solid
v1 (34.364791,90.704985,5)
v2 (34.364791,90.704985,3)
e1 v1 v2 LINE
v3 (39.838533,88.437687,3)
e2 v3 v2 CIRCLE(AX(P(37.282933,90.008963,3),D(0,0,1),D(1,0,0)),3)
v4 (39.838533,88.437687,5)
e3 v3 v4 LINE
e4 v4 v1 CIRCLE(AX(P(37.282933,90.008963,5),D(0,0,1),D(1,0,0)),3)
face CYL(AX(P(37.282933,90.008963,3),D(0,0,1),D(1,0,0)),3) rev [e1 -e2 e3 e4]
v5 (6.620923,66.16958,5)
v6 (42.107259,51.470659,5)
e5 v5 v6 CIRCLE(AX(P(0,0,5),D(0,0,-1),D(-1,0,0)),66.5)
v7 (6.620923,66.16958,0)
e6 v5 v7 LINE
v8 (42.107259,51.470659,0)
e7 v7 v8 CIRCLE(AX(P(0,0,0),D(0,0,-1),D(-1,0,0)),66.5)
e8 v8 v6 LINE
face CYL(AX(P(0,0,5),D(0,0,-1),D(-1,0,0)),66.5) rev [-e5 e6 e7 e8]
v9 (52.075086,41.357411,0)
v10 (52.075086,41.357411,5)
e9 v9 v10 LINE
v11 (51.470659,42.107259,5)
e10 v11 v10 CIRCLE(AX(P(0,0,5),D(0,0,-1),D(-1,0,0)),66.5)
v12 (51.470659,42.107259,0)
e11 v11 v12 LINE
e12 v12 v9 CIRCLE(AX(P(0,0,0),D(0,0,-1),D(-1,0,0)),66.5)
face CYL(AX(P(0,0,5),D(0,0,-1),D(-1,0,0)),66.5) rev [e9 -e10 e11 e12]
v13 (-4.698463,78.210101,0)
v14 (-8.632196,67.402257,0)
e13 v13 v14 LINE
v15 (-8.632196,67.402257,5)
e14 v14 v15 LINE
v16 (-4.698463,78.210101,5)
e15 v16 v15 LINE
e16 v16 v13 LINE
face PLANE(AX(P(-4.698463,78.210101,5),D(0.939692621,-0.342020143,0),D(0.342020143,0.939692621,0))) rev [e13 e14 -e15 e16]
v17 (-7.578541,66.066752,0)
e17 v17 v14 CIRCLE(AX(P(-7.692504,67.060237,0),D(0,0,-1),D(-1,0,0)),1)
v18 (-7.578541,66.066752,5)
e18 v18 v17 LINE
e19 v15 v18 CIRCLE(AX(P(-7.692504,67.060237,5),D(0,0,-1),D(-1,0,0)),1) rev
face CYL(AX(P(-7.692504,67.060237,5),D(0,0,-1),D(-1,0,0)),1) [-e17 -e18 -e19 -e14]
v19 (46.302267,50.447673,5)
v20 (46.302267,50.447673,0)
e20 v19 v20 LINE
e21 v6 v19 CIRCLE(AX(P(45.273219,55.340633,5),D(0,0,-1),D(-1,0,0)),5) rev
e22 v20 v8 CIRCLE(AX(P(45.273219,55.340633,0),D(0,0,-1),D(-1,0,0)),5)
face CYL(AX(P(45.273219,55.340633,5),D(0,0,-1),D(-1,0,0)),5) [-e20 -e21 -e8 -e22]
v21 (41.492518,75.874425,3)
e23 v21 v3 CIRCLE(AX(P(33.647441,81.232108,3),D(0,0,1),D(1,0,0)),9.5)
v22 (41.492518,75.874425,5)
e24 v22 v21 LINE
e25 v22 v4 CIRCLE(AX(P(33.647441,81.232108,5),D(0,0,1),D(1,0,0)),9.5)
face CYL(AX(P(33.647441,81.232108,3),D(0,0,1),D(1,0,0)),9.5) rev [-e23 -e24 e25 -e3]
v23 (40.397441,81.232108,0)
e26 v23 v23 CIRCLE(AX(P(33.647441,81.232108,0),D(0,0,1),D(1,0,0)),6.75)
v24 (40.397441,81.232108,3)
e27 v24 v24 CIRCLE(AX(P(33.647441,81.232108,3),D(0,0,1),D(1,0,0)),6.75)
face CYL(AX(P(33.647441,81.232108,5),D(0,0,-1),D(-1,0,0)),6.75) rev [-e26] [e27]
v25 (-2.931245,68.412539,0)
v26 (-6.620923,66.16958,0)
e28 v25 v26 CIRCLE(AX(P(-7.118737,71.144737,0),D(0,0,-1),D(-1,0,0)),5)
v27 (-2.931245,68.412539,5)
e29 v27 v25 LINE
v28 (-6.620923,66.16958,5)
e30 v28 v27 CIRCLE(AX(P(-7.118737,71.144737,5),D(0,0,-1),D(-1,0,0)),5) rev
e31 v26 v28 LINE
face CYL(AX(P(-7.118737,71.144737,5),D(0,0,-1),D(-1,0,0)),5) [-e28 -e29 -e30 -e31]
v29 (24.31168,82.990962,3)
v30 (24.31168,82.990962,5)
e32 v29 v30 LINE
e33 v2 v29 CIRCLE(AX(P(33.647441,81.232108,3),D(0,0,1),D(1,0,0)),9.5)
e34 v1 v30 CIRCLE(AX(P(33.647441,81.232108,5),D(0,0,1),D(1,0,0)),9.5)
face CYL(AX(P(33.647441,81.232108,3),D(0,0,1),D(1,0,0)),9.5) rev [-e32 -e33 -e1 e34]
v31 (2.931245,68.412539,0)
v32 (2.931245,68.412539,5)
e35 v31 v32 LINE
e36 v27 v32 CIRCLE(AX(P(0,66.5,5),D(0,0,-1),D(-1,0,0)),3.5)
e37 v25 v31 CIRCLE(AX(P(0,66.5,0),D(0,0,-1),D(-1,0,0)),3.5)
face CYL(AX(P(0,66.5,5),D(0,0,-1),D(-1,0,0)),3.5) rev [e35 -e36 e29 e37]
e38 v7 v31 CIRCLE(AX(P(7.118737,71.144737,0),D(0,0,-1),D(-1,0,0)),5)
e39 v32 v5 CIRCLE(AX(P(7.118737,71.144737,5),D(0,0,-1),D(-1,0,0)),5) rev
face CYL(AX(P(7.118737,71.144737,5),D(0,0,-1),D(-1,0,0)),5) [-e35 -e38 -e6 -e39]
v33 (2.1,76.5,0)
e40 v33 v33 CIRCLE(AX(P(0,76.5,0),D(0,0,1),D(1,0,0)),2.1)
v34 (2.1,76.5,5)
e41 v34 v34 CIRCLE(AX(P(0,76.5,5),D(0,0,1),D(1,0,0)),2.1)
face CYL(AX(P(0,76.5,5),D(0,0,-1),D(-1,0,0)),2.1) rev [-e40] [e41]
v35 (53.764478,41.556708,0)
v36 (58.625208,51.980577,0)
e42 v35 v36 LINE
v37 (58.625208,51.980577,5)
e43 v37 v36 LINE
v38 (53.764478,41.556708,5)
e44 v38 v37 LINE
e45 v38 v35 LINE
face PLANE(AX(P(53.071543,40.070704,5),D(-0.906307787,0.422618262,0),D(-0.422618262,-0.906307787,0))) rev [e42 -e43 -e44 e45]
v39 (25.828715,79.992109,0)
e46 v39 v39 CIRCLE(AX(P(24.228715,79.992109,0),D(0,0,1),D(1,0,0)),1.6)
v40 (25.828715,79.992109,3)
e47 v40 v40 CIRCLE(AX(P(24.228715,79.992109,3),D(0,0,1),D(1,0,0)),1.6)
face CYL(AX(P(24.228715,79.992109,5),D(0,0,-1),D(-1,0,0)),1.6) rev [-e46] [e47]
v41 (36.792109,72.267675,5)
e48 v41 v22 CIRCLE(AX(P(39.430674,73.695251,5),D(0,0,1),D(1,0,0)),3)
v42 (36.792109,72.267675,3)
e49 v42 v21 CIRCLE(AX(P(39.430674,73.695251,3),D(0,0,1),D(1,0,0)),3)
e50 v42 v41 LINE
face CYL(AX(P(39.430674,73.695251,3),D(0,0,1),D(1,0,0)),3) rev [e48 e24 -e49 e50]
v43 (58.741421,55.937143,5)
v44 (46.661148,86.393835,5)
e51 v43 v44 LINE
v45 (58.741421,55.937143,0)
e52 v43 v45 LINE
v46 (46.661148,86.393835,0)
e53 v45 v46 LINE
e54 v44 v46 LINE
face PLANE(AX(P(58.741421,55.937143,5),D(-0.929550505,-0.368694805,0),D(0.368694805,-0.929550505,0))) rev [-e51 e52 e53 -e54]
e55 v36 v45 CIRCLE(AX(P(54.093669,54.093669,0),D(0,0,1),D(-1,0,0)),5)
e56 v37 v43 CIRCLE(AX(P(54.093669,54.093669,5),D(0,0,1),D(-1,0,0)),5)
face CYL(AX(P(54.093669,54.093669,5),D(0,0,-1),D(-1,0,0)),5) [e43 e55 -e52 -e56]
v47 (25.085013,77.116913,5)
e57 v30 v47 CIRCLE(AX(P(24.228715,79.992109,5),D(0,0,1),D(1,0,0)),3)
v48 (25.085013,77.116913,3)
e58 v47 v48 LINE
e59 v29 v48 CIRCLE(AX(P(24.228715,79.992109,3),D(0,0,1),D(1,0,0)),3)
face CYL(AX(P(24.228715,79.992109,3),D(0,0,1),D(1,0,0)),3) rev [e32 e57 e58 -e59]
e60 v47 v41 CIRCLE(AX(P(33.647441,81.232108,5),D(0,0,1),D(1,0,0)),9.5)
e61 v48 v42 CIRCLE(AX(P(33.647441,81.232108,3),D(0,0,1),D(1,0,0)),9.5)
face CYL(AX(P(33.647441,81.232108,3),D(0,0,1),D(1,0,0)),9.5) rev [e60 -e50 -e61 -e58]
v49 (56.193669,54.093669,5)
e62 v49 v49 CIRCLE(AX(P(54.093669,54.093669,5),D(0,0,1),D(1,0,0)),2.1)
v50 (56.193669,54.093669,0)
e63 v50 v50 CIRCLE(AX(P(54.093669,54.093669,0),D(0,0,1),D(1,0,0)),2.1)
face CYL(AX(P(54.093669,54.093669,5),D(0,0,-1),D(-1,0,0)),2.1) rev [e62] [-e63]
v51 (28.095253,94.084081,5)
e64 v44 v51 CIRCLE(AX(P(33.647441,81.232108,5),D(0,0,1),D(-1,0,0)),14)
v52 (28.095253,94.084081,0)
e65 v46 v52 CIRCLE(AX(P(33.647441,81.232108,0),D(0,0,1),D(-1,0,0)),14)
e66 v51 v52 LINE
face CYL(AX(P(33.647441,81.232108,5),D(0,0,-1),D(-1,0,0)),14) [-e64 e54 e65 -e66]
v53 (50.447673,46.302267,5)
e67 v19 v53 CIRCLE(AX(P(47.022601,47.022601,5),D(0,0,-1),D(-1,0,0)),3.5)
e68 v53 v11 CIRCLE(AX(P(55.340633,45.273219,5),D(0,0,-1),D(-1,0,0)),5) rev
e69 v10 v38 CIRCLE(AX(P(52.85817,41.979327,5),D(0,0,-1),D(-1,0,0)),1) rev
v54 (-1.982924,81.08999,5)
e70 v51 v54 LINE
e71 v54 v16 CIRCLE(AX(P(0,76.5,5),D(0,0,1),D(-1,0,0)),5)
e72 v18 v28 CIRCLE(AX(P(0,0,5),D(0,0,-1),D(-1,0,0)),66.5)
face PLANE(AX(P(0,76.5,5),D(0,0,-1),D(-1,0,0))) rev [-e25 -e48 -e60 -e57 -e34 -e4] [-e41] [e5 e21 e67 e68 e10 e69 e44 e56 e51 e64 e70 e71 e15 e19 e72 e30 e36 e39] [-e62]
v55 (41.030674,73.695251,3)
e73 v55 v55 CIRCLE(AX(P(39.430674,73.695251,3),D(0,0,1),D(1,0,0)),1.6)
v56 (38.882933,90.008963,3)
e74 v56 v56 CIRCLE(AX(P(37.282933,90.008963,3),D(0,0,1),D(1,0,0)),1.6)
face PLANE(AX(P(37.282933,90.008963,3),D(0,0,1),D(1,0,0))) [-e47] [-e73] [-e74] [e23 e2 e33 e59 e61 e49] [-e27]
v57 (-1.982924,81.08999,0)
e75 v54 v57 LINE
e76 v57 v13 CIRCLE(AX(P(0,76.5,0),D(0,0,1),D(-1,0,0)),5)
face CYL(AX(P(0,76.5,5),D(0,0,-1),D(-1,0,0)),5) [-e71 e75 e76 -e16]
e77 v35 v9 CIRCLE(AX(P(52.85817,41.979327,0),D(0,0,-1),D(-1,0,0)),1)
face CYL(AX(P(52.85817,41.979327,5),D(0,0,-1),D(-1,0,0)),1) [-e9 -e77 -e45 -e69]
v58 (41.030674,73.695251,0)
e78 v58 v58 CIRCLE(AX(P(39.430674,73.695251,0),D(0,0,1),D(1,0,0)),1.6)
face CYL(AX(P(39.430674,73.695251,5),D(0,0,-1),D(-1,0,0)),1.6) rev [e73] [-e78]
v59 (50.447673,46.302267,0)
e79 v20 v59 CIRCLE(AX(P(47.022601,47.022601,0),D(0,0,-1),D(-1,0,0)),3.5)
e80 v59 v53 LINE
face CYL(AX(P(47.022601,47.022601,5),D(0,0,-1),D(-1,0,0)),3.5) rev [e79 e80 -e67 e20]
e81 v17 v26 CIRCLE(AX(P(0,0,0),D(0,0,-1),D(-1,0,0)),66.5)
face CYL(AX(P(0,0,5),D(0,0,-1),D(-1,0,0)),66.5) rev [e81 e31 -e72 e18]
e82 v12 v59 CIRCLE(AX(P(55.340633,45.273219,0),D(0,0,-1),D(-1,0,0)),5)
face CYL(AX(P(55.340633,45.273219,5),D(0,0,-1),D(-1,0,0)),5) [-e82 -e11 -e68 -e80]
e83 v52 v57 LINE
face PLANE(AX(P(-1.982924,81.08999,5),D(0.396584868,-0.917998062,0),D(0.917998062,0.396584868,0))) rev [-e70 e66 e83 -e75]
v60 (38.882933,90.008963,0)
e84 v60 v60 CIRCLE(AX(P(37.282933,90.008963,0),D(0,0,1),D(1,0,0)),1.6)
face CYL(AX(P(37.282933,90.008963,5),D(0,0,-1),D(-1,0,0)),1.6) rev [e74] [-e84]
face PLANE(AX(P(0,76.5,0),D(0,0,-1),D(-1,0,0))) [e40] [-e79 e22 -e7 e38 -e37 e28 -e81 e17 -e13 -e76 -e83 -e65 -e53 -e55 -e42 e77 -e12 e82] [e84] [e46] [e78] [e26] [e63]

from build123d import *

# Parameters (mm, degrees)
SKETCH_3_R          = 1.6
SKETCH_3_R_2        = 6.75
SKETCH_3_R_3        = 2.1
EXTRUDE_1_DEPTH     = 5
FILLET_1_R          = 5
FILLET_2_R          = 1
SKETCH_4_R          = 3
CUT_EXTRUDE_1_DEPTH = 2
SKETCH_5_R          = 9.5
CUT_EXTRUDE_2_DEPTH = 2


with BuildPart() as part:
    # Sketch 3 → Extrude 1 (new body)
    with BuildSketch(Plane.XY):
        with BuildLine():
            Line((-1.982924342, 81.089990311), (28.095252633, 94.084080766))
            ThreePointArc((28.095252633, 94.084080766), (39.005008844, 94.166421351), (46.661147856, 86.393835167))
            Line((46.661147856, 86.393835167), (58.741421284, 55.937142786))
            ThreePointArc((58.741421284, 55.937142786), (59.091513319, 53.946870364), (58.625207696, 51.980577452))
            Line((58.625207696, 51.980577452), (53.071542706, 40.070704446))
            ThreePointArc((53.071542706, 40.070704446), (51.29898623, 42.316238157), (49.431489328, 44.483456058))
            ThreePointArc((49.431489328, 44.483456058), (49.497474683, 49.497474683), (44.483456058, 49.431489328))
            ThreePointArc((44.483456058, 49.431489328), (25.448448252, 61.437988912), (3.498787879, 66.407894737))
            ThreePointArc((3.498787879, 66.407894737), (0, 70), (-3.498787879, 66.407894737))
            ThreePointArc((-3.498787879, 66.407894737), (-6.351762076, 66.195959986), (-9.192980894, 65.861514576))
            Line((-9.192980894, 65.861514576), (-4.698463104, 78.210100717))
            ThreePointArc((-4.698463104, 78.210100717), (-3.637811921, 79.930207637), (-1.982924342, 81.089990311))
        make_face()
        with Locations((37.282933398, 90.008963455)):
            Circle(SKETCH_3_R, mode=Mode.SUBTRACT)
        with Locations((39.430674366, 73.695251163)):
            Circle(SKETCH_3_R, mode=Mode.SUBTRACT)
        with Locations((24.228714608, 79.99210907)):
            Circle(SKETCH_3_R, mode=Mode.SUBTRACT)
        with Locations((33.647440791, 81.232107896)):
            Circle(SKETCH_3_R_2, mode=Mode.SUBTRACT)
        with Locations((0, 76.5)):
            Circle(SKETCH_3_R_3, mode=Mode.SUBTRACT)
        with Locations((54.093668761, 54.093668761)):
            Circle(SKETCH_3_R_3, mode=Mode.SUBTRACT)
    extrude(amount=EXTRUDE_1_DEPTH)

    # Fillet 1
    fillet_1_edges = [part.edges().sort_by_distance(p)[0] for p in [
        (49.431489328, 44.483456058, 2.5),
        (44.483456058, 49.431489328, 2.5),
        (3.498787879, 66.407894737, 2.5),
        (-3.498787879, 66.407894737, 2.5),
    ]]
    fillet(fillet_1_edges, radius=FILLET_1_R)

    # Fillet 2
    fillet_2_edges = [part.edges().sort_by_distance(p)[0] for p in [
        (53.071542706, 40.070704446, 2.5),
        (-9.192980894, 65.861514576, 2.5),
    ]]
    fillet(fillet_2_edges, radius=FILLET_2_R)

    # Sketch 4 → Cut-Extrude 1 (cut)
    with BuildSketch(Plane.XY.offset(5)):
        with Locations((37.282933398, 90.008963455)):
            Circle(SKETCH_4_R)
        with Locations((39.430674366, 73.695251163)):
            Circle(SKETCH_4_R)
        with Locations((24.228714608, 79.99210907)):
            Circle(SKETCH_4_R)
    extrude(amount=-CUT_EXTRUDE_1_DEPTH, mode=Mode.SUBTRACT)

    # Sketch 5 → Cut-Extrude 2 (cut)
    with BuildSketch(Plane.XY.offset(5)):
        with Locations((33.647440791, 81.232107896)):
            Circle(SKETCH_5_R)
    extrude(amount=-CUT_EXTRUDE_2_DEPTH, mode=Mode.SUBTRACT)


solid = part.part
